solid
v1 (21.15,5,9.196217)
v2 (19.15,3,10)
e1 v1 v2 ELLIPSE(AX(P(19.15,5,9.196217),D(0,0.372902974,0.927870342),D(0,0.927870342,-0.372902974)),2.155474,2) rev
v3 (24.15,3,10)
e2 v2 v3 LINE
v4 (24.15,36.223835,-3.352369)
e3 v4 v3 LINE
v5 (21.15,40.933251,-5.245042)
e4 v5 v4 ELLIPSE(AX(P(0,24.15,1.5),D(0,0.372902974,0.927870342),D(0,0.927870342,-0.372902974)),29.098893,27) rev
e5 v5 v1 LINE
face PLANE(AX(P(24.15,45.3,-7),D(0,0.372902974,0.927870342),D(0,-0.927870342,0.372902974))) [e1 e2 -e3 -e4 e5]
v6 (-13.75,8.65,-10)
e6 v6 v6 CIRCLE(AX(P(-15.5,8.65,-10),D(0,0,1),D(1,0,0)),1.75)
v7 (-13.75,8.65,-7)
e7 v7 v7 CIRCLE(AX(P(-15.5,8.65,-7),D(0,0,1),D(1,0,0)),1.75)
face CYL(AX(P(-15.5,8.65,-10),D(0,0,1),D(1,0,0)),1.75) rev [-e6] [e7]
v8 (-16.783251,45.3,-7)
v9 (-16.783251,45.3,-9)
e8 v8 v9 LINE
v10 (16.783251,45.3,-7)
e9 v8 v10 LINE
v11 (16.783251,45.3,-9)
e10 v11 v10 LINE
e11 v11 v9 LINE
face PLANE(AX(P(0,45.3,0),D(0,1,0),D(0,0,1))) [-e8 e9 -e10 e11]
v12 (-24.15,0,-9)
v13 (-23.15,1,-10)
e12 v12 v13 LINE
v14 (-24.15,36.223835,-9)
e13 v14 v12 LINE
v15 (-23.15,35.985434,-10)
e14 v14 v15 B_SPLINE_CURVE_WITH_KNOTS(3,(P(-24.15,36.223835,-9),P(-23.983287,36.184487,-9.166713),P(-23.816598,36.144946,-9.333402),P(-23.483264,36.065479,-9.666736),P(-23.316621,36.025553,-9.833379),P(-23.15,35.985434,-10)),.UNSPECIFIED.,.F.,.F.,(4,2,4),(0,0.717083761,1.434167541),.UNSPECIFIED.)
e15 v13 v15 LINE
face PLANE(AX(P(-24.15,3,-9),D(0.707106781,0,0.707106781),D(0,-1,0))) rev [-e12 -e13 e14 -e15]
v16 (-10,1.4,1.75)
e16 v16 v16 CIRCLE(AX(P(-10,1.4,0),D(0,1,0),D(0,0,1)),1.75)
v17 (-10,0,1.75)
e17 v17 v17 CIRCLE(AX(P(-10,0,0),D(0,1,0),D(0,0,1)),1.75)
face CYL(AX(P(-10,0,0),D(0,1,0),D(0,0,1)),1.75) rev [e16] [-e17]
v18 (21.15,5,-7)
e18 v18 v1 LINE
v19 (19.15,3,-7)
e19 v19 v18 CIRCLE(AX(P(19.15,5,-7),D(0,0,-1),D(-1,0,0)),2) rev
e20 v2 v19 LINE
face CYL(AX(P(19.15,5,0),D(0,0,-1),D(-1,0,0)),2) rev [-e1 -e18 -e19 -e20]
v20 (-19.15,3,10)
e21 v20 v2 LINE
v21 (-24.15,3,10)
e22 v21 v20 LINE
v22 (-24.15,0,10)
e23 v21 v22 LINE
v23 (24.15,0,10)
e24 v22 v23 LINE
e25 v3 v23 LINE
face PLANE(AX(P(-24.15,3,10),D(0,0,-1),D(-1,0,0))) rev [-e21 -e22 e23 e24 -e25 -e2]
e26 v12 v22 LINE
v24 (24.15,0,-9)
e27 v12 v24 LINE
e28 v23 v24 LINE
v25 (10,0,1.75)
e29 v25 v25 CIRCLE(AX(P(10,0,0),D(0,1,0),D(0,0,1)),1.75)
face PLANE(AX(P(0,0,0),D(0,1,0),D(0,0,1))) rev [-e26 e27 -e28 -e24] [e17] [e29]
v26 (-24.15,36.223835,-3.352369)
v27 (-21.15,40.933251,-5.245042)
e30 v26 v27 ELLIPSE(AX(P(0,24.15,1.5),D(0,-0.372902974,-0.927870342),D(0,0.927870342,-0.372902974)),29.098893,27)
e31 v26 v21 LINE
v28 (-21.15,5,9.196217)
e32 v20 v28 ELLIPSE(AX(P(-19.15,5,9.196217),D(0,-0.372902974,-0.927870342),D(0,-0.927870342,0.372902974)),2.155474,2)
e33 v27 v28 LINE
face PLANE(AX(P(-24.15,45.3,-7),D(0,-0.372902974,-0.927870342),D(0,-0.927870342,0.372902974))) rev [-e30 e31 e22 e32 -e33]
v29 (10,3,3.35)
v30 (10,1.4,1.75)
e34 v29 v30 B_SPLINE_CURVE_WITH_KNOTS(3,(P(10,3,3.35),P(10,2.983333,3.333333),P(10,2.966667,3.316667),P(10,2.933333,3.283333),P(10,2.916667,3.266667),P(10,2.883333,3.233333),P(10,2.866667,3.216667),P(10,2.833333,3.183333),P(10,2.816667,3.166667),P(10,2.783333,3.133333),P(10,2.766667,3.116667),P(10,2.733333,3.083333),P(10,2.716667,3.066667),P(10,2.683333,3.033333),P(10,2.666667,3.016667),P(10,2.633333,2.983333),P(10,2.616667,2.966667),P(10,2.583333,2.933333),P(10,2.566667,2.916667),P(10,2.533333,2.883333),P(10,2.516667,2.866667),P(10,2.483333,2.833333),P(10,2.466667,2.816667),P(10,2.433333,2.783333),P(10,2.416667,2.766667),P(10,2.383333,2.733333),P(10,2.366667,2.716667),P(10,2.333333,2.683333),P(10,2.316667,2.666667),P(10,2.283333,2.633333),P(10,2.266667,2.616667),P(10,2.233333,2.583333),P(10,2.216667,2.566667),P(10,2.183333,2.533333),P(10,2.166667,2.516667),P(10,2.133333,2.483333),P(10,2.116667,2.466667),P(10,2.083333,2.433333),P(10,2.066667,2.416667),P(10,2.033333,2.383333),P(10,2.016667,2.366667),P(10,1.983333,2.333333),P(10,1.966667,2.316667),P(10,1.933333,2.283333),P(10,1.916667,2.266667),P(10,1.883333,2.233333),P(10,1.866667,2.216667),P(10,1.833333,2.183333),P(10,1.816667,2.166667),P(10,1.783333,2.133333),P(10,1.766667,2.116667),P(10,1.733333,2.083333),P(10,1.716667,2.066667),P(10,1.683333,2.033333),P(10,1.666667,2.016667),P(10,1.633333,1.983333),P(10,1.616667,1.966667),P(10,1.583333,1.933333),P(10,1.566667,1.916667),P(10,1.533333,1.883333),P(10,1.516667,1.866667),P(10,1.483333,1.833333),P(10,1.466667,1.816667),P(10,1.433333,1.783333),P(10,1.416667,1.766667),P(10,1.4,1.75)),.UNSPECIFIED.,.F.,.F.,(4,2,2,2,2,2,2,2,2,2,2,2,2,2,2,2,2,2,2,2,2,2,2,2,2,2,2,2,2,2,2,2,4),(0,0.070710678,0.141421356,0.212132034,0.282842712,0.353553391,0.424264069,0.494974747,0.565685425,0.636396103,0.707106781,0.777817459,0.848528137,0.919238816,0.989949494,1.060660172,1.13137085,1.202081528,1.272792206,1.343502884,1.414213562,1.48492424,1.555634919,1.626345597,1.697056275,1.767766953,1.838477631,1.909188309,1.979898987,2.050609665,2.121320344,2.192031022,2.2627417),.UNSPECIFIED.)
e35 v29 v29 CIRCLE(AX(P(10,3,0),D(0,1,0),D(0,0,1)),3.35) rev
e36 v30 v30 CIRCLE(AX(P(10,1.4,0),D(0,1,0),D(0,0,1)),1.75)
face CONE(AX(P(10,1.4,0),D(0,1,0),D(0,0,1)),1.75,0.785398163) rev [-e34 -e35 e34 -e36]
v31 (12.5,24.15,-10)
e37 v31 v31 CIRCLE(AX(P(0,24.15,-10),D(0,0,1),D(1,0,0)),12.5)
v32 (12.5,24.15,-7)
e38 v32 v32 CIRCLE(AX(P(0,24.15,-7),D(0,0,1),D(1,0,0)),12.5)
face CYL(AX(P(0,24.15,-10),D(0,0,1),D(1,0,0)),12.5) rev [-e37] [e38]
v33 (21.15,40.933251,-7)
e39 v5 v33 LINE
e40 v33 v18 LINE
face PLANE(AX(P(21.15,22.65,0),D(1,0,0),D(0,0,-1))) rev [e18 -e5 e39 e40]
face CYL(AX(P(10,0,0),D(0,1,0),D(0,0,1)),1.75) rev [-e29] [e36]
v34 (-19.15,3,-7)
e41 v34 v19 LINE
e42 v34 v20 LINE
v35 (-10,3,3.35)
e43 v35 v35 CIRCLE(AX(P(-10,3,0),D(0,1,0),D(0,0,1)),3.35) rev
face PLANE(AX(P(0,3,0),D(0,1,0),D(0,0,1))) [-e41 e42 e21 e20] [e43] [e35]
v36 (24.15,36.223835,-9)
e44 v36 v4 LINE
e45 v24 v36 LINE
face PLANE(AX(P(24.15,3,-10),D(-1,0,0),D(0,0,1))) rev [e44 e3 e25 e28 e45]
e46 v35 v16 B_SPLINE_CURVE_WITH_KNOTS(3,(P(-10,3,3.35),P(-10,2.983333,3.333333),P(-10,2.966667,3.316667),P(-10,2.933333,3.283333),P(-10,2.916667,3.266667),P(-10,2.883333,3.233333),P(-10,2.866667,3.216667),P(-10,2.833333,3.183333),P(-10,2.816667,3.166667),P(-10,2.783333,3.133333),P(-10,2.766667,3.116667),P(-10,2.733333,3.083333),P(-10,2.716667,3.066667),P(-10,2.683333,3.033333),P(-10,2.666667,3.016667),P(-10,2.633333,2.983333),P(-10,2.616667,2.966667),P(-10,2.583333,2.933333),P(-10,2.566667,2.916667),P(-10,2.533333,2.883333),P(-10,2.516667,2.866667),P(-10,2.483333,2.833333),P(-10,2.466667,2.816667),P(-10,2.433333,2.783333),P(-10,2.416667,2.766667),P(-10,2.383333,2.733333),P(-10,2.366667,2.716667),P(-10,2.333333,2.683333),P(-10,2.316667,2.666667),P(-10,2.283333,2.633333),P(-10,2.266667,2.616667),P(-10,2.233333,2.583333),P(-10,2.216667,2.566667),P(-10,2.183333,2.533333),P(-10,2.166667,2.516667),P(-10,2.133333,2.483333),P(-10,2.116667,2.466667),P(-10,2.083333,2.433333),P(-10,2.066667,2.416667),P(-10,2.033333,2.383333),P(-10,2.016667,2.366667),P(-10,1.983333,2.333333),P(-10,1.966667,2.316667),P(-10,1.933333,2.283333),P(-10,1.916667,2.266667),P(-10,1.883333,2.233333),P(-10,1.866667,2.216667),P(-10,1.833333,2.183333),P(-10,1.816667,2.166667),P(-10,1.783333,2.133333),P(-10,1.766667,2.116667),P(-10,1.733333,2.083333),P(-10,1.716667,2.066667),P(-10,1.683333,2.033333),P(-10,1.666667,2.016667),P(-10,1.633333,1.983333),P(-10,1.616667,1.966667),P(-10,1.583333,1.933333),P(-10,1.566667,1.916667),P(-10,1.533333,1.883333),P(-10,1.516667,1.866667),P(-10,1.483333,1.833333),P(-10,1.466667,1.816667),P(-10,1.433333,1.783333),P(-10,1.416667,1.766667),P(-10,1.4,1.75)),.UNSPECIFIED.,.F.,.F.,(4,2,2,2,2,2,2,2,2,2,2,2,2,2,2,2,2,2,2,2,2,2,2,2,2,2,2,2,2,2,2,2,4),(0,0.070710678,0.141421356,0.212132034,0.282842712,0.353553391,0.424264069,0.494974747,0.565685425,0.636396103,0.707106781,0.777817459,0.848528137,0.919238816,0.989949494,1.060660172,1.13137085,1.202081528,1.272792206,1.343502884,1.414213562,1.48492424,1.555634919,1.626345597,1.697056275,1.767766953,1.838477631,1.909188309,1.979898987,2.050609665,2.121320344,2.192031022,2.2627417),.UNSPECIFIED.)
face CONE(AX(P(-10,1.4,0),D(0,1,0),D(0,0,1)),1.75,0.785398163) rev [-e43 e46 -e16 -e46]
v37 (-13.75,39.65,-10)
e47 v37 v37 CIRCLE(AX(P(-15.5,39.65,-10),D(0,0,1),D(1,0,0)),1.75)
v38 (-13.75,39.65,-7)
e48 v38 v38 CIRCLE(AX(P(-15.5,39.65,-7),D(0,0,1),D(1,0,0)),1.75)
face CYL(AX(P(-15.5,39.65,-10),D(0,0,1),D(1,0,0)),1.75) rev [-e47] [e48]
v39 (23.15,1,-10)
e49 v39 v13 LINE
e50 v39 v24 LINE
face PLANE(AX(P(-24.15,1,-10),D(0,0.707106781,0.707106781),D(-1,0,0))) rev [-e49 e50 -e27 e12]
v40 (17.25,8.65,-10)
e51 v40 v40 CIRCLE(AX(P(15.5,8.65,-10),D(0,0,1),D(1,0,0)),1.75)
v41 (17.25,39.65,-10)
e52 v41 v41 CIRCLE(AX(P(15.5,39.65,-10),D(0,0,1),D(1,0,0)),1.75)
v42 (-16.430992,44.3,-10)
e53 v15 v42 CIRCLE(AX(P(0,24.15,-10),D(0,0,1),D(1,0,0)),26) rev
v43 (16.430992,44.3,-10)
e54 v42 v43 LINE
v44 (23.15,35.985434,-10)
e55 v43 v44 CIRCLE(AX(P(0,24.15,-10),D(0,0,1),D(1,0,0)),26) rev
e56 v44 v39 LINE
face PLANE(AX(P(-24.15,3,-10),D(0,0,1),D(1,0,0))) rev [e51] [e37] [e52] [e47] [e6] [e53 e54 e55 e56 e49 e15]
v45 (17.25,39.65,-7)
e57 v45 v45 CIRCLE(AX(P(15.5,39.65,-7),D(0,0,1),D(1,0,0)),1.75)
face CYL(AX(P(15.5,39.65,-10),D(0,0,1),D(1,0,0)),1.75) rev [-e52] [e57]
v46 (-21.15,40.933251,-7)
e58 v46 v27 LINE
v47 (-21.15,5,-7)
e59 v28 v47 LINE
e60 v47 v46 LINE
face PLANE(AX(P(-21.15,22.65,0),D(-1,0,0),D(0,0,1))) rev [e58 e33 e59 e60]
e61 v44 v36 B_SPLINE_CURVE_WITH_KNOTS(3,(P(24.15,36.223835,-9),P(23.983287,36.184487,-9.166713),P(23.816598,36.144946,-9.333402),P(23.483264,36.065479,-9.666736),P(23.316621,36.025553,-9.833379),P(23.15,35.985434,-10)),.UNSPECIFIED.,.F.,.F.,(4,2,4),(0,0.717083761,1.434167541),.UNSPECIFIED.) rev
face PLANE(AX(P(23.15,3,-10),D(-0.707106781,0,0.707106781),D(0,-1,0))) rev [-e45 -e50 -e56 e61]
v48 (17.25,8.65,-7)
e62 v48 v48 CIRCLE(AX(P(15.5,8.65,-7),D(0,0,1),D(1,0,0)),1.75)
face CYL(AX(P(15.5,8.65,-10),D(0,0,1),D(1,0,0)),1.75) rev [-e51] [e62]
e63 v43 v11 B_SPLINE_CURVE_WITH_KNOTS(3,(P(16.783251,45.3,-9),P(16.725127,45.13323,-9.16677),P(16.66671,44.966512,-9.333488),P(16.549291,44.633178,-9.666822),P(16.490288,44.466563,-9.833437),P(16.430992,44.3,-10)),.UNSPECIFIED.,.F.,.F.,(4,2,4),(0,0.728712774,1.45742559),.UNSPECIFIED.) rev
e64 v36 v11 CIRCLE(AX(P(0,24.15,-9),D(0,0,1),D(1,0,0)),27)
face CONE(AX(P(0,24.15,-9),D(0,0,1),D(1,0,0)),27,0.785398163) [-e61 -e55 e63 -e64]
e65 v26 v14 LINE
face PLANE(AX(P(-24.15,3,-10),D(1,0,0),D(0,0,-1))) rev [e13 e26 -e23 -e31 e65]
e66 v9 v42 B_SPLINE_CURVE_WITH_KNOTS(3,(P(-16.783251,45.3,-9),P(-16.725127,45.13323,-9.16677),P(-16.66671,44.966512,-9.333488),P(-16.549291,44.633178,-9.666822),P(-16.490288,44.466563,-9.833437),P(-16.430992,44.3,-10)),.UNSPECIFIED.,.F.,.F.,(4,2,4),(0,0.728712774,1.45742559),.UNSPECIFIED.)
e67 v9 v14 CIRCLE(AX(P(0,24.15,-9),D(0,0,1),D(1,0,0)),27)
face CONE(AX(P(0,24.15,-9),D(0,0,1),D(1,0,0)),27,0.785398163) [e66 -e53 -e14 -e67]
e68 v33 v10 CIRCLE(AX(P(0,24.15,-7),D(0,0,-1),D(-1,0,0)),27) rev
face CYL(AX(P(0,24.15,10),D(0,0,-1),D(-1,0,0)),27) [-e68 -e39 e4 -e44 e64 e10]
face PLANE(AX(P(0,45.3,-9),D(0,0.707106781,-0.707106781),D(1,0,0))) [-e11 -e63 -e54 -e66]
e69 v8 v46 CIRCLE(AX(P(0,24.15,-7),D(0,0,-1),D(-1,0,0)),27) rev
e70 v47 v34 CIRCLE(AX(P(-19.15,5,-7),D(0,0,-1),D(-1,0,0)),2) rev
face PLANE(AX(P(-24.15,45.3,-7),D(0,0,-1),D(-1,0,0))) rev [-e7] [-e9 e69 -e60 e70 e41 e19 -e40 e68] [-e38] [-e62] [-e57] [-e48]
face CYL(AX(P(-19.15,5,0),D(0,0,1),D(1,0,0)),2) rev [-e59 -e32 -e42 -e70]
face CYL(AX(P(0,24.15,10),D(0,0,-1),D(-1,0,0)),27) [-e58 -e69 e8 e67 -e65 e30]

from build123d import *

# Parameters (mm, degrees)
SKETCH1_W           = 48.3
SKETCH1_H           = 20
BOSS_EXTRUDE1_DEPTH = 3
SKETCH2_W           = 48.3
SKETCH2_H           = 3
BOSS_EXTRUDE2_DEPTH = 42.3
SKETCH3_R           = 12.5
SKETCH3_R_2         = 1.75
CUT_EXTRUDE1_DEPTH  = 55.076912819
RIB1_REACH          = 68.97
SKETCH4_WALL_W      = 181.528252596
SKETCH4_WALL_H      = 3
CUT_EXTRUDE2_DEPTH  = 56.093670235
SKETCH6_R           = 1.75
CUT_EXTRUDE3_DEPTH  = 50.724365255
FILLET1_R           = 2
CHAMFER2_SIZE       = 1
CHAMFER3_SIZE       = 1.6


with BuildPart() as part:
    # Sketch1 → Boss-Extrude1 (new body)
    with BuildSketch(Plane(origin=(0, 0, 0), x_dir=(1, 0, 0), z_dir=(0, 1, 0))):
        Rectangle(SKETCH1_W, SKETCH1_H)
    extrude(amount=BOSS_EXTRUDE1_DEPTH)

    # Sketch2 → Boss-Extrude2 (add)
    with BuildSketch(Plane(origin=(0, 3, 0), x_dir=(1, 0, 0), z_dir=(0, 1, 0))):
        with Locations((0, 8.5)):
            Rectangle(SKETCH2_W, SKETCH2_H)
    extrude(amount=BOSS_EXTRUDE2_DEPTH)

    # Sketch3 → Cut-Extrude1 (cut, through all)
    with BuildSketch(Plane.XY.offset(-7)):
        with Locations((0, 24.15)):
            Circle(SKETCH3_R)
        with Locations((-15.5, 39.65)):
            Circle(SKETCH3_R_2)
        with Locations((15.5, 39.65)):
            Circle(SKETCH3_R_2)
        with Locations((15.5, 8.65)):
            Circle(SKETCH3_R_2)
        with Locations((-15.5, 8.65)):
            Circle(SKETCH3_R_2)
    extrude(amount=-CUT_EXTRUDE1_DEPTH, mode=Mode.SUBTRACT)

    # Sketch4 wall → Rib1 (add, up to next)
    with BuildSketch(Plane(origin=(-24.15, 24.15, 1.5), x_dir=(0, -0.927870342081, 0.372902974359), z_dir=(0, 0.372902974359, 0.927870342081)), mode=Mode.PRIVATE) as rib1_sk1:
        with Locations((0, 1.5)):
            Rectangle(SKETCH4_WALL_W, SKETCH4_WALL_H)
    rib1_tool1 = extrude(rib1_sk1.sketch, amount=-RIB1_REACH, mode=Mode.PRIVATE) - part.part
    rib1 = rib1_tool1.solids().sort_by_distance((-24.15, 24.15, 1.5))[0]
    add(rib1)

    # Mirror1: Rib1 across plane
    add(rib1.mirror(Plane(origin=(0, 0, 0), x_dir=(0, 0, 1), z_dir=(1, 0, 0))))

    # Sketch5 → Cut-Extrude2 (cut, through all)
    with BuildSketch(Plane(origin=(0, 0, -10), x_dir=(-1, 0, 0), z_dir=(0, 0, -1))):
        with BuildLine():
            Line((-27, 24.15), (-32.102102735, 24.15))
            ThreePointArc((-32.102102735, 24.15), (0, 56.252102735), (32.102102735, 24.15))
            Line((32.102102735, 24.15), (27, 24.15))
            ThreePointArc((27, 24.15), (0, 51.15), (-27, 24.15))
        make_face()
    extrude(amount=-CUT_EXTRUDE2_DEPTH, mode=Mode.SUBTRACT)

    # Sketch6 → Cut-Extrude3 (cut, through all)
    with BuildSketch(Plane(origin=(0, 3, 0), x_dir=(1, 0, 0), z_dir=(0, 1, 0))):
        with Locations(Location((-10, 0, 0), (0, 0, 270))):
            Circle(SKETCH6_R)
        with Locations(Location((10, 0, 0), (0, 0, 270))):
            Circle(SKETCH6_R)
    extrude(amount=-CUT_EXTRUDE3_DEPTH, mode=Mode.SUBTRACT)

    # Fillet1
    fillet1_edges = [part.edges().sort_by_distance(p)[0] for p in [
        (-21.15, 3, 1.5),
        (21.15, 3, 1.5),
    ]]
    fillet(fillet1_edges, radius=FILLET1_R)

    # Chamfer2
    chamfer2_edges = [part.edges().sort_by_distance(p)[0] for p in [
        (0, 0, -10),
        (0, 45.3, -10),
        (-24.15, 18.111917674, -10),
        (24.15, 18.111917674, -10),
        (20.963705349, 41.165377106, -10),
        (-20.963705349, 41.165377106, -10),
    ]]
    chamfer(chamfer2_edges, length=CHAMFER2_SIZE)

    # Chamfer3
    chamfer3_edges = [part.edges().sort_by_distance(p)[0] for p in [
        (-10, 3, -1.75),
        (10, 3, -1.75),
    ]]
    chamfer(chamfer3_edges, length=CHAMFER3_SIZE)


solid = part.part
